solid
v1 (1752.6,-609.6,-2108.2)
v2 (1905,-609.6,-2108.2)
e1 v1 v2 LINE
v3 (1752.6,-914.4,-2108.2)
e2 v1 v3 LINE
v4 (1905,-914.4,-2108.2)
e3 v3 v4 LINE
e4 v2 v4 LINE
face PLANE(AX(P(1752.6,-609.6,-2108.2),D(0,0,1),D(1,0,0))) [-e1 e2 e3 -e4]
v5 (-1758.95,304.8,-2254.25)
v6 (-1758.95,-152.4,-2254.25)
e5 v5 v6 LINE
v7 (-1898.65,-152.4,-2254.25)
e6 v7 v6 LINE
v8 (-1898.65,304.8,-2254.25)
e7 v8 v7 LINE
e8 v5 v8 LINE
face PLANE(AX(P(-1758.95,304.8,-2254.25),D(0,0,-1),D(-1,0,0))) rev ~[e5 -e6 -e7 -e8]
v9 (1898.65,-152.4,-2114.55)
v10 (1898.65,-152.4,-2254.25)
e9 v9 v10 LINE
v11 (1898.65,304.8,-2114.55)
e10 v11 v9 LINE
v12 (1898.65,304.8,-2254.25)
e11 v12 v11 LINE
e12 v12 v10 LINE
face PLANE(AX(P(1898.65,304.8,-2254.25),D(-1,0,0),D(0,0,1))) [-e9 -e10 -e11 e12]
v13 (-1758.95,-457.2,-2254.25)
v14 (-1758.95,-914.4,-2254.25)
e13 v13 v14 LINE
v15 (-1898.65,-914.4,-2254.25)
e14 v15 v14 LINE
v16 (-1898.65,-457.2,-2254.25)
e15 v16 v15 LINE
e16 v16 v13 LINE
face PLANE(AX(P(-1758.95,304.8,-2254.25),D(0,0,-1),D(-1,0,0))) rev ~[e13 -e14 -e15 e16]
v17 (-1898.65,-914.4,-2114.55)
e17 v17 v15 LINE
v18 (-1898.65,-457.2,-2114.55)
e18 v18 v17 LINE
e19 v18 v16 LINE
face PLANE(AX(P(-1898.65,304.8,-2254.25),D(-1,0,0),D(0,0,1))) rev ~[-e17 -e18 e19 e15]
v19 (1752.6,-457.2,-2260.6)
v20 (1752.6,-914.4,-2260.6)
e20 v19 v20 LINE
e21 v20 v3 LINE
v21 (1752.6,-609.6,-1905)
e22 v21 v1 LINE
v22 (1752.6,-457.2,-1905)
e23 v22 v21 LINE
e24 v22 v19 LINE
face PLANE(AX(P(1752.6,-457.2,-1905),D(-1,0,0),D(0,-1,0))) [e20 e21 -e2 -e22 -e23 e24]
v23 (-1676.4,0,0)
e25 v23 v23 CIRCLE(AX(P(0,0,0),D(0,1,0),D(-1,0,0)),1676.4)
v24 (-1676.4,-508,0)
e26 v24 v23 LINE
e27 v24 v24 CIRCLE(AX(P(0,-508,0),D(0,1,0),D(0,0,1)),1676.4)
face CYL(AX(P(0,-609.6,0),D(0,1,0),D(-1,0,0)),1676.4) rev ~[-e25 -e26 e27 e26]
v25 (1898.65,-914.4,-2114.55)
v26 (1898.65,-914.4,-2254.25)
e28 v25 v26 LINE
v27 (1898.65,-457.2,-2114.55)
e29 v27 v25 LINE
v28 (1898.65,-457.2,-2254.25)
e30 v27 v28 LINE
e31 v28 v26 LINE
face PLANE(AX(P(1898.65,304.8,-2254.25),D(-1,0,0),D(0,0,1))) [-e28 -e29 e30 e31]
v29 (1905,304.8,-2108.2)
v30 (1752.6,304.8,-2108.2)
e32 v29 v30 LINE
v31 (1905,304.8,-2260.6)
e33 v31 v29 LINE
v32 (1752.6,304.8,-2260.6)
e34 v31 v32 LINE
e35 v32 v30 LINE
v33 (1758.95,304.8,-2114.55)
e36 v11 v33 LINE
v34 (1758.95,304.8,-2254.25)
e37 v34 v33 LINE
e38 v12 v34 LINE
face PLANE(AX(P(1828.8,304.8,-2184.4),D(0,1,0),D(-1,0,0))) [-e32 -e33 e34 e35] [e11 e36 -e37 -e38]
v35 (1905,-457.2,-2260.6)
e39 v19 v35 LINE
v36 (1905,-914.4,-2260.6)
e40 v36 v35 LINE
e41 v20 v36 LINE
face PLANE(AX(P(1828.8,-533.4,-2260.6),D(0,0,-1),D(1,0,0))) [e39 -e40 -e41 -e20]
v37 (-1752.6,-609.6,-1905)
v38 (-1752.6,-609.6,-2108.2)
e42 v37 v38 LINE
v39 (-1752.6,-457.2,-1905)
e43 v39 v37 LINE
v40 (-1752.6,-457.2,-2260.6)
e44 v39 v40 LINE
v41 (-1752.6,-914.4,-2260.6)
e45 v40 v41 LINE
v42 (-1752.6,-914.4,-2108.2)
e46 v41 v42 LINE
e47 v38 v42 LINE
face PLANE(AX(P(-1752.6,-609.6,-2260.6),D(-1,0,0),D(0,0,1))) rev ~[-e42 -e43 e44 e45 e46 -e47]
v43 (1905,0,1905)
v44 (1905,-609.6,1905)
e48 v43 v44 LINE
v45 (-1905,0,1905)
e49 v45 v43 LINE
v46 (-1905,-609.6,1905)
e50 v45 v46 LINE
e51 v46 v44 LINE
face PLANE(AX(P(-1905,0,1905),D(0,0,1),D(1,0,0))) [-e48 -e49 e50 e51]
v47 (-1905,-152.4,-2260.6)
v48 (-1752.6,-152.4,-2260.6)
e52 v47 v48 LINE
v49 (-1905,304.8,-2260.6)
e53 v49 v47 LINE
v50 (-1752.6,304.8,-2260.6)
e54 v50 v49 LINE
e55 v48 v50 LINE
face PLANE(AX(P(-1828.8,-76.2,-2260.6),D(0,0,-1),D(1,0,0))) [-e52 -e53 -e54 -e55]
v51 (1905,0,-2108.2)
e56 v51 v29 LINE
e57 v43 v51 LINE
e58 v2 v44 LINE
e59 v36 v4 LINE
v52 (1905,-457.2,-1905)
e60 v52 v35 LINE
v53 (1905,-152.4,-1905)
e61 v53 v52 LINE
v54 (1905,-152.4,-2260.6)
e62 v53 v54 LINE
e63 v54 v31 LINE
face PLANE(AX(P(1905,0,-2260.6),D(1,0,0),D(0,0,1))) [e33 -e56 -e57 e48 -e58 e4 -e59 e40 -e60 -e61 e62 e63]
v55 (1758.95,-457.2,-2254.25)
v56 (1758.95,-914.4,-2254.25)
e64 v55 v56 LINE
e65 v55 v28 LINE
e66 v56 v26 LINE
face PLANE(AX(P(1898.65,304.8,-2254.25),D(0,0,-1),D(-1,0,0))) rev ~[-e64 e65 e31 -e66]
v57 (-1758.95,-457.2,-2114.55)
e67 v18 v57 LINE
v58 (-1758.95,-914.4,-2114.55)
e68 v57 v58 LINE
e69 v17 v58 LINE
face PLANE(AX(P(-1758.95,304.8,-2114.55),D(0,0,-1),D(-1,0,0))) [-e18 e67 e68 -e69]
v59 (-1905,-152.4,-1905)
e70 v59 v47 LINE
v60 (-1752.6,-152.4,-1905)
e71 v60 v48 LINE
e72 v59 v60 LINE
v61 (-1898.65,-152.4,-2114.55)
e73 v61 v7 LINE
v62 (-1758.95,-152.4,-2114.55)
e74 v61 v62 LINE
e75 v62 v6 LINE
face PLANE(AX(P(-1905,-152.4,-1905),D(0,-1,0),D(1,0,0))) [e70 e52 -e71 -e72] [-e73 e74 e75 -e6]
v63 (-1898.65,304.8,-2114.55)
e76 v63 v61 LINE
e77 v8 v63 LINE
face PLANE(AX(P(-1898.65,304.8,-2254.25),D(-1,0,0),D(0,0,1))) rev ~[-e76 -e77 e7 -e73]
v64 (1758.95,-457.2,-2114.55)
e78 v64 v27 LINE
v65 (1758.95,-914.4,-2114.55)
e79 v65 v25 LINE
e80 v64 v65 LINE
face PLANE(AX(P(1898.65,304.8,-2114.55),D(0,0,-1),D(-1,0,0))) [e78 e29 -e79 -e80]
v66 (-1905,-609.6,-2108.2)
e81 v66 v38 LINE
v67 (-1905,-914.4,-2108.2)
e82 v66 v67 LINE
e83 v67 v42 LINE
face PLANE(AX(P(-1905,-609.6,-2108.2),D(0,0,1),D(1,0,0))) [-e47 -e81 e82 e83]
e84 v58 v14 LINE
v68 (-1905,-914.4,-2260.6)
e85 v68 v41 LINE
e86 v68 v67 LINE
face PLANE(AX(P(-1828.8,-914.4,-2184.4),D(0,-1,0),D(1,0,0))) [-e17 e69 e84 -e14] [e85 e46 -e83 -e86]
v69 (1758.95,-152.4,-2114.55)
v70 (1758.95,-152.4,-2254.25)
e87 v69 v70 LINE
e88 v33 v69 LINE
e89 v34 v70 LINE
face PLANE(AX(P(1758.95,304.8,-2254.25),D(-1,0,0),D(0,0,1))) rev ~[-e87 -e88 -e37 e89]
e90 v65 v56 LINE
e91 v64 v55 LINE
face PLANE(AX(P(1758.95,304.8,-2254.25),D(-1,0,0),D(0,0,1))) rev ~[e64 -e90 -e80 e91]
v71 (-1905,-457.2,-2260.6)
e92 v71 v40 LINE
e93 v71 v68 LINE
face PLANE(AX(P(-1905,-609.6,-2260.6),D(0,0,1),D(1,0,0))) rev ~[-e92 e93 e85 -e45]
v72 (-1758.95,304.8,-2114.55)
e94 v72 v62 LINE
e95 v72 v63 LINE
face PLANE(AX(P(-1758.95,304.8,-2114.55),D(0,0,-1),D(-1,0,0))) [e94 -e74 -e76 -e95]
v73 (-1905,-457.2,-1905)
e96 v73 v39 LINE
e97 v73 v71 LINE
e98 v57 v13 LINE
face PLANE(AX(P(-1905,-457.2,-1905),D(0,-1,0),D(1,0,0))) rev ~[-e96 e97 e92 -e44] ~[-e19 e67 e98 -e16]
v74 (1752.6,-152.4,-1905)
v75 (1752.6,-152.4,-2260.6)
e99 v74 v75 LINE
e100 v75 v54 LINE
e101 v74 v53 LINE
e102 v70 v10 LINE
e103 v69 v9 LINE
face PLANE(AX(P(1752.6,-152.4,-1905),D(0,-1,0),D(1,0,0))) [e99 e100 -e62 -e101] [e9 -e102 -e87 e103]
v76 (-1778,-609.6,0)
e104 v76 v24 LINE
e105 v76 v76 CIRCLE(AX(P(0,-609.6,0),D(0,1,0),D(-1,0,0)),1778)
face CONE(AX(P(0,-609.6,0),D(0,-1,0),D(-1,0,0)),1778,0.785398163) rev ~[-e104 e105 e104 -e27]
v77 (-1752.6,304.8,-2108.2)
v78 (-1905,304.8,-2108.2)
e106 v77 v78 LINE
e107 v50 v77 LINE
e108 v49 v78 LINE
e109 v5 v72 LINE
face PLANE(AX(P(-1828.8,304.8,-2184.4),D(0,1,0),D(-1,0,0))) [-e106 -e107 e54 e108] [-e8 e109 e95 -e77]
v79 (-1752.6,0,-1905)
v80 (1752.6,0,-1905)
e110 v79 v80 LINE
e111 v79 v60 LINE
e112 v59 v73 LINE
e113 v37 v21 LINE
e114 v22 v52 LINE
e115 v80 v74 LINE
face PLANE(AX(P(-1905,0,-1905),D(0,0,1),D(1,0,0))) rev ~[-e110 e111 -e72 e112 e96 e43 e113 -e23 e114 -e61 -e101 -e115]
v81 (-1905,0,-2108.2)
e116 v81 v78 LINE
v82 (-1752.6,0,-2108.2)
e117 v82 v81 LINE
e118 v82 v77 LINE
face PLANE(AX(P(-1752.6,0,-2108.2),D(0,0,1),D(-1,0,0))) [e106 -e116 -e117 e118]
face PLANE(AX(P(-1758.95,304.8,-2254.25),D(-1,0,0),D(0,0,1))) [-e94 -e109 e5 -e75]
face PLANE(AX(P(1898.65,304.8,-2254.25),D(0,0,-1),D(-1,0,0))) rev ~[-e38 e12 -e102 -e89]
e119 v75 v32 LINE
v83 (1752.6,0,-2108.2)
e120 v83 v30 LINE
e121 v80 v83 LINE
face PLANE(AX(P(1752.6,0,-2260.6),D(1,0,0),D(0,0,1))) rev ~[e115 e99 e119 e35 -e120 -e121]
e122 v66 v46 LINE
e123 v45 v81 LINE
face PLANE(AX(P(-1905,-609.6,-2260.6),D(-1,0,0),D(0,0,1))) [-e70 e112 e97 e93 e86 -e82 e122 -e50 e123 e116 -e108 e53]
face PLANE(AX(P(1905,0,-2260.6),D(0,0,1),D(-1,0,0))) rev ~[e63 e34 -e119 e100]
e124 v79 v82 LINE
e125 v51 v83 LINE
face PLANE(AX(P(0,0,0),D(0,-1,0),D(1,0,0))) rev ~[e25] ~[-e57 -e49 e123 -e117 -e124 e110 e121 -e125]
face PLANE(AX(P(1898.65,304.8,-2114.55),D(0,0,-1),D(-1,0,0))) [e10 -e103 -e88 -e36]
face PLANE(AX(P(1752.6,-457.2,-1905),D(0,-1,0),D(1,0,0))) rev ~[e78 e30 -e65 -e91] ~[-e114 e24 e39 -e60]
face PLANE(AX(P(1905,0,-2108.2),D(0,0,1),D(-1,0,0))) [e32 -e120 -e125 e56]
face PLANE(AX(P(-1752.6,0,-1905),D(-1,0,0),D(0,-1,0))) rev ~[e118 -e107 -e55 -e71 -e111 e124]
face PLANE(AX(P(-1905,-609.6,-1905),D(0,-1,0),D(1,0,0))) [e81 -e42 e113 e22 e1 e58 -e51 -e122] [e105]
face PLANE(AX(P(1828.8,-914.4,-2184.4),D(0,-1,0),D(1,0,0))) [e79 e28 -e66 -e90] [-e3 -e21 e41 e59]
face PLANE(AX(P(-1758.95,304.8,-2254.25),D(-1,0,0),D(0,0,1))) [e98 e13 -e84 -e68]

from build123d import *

# Parameters (mm, degrees)
F0_W           = 3810
F0_H           = 3810
F1_DEPTH       = 609.6
F3_D           = 3352.8
F3_CSINK_D     = 3556
F3_CSINK_ANGLE = 90
F4_W           = 152.4
F4_H           = 152.4
F5_DEPTH       = 355.6
F6_W           = 152.4
F6_H           = 152.4
F7_DEPTH       = 304.8
F8_W           = 152.4
F8_H           = 152.4
F9_DEPTH       = 304.8
F11_W          = 139.7
F11_H          = 139.7
F12_DEPTH      = 1270


with BuildPart() as f1:
    # F0 (on Front) → F1 (new body)
    with BuildSketch(Plane.XZ):
        Rectangle(F0_W, F0_H)
    extrude(amount=F1_DEPTH)

    # F3 (through all)
    with Locations(Plane.XZ.offset(609.6)):
        with Locations((0, 0)):
            CounterSinkHole(F3_D / 2, F3_CSINK_D / 2, counter_sink_angle=F3_CSINK_ANGLE)

    # F4 (on face) → F5 (join)
    with BuildSketch(Plane(origin=(0, 0, -1905), x_dir=(1, 0, 0), z_dir=(0, 0, -1))):
        with Locations((-1828.8, 533.4)):
            Rectangle(F4_W, F4_H)
        with Locations((-1828.8, 76.2)):
            Rectangle(F4_W, F4_H)
        with Locations((1828.8, 76.2)):
            Rectangle(F4_W, F4_H)
        with Locations((1828.8, 533.4)):
            Rectangle(F4_W, F4_H)
    extrude(amount=F5_DEPTH)

    # F6 (on face) → F7 (join)
    with BuildSketch(Plane(origin=(0, 0, 0), x_dir=(-1, 0, 0), z_dir=(0, 1, 0))):
        with Locations((-1828.8, -2184.4)):
            Rectangle(F6_W, F6_H)
        with Locations((1828.8, -2184.4)):
            Rectangle(F6_W, F6_H)
    extrude(amount=F7_DEPTH)

    # F8 (on face) → F9 (join)
    with BuildSketch(Plane.XZ.offset(609.6)):
        with Locations((-1828.8, -2184.4)):
            Rectangle(F8_W, F8_H)
        with Locations((1828.8, -2184.4)):
            Rectangle(F8_W, F8_H)
    extrude(amount=F9_DEPTH)

    # F11 (on face) → F12 (cut)
    with BuildSketch(Plane(origin=(0, 304.8, 0), x_dir=(-1, 0, 0), z_dir=(0, 1, 0))):
        with Locations((-1828.8, -2184.4)):
            Rectangle(F11_W, F11_H)
        with Locations((1828.8, -2184.4)):
            Rectangle(F11_W, F11_H)
    extrude(amount=-F12_DEPTH, mode=Mode.SUBTRACT)


solid = f1.part
